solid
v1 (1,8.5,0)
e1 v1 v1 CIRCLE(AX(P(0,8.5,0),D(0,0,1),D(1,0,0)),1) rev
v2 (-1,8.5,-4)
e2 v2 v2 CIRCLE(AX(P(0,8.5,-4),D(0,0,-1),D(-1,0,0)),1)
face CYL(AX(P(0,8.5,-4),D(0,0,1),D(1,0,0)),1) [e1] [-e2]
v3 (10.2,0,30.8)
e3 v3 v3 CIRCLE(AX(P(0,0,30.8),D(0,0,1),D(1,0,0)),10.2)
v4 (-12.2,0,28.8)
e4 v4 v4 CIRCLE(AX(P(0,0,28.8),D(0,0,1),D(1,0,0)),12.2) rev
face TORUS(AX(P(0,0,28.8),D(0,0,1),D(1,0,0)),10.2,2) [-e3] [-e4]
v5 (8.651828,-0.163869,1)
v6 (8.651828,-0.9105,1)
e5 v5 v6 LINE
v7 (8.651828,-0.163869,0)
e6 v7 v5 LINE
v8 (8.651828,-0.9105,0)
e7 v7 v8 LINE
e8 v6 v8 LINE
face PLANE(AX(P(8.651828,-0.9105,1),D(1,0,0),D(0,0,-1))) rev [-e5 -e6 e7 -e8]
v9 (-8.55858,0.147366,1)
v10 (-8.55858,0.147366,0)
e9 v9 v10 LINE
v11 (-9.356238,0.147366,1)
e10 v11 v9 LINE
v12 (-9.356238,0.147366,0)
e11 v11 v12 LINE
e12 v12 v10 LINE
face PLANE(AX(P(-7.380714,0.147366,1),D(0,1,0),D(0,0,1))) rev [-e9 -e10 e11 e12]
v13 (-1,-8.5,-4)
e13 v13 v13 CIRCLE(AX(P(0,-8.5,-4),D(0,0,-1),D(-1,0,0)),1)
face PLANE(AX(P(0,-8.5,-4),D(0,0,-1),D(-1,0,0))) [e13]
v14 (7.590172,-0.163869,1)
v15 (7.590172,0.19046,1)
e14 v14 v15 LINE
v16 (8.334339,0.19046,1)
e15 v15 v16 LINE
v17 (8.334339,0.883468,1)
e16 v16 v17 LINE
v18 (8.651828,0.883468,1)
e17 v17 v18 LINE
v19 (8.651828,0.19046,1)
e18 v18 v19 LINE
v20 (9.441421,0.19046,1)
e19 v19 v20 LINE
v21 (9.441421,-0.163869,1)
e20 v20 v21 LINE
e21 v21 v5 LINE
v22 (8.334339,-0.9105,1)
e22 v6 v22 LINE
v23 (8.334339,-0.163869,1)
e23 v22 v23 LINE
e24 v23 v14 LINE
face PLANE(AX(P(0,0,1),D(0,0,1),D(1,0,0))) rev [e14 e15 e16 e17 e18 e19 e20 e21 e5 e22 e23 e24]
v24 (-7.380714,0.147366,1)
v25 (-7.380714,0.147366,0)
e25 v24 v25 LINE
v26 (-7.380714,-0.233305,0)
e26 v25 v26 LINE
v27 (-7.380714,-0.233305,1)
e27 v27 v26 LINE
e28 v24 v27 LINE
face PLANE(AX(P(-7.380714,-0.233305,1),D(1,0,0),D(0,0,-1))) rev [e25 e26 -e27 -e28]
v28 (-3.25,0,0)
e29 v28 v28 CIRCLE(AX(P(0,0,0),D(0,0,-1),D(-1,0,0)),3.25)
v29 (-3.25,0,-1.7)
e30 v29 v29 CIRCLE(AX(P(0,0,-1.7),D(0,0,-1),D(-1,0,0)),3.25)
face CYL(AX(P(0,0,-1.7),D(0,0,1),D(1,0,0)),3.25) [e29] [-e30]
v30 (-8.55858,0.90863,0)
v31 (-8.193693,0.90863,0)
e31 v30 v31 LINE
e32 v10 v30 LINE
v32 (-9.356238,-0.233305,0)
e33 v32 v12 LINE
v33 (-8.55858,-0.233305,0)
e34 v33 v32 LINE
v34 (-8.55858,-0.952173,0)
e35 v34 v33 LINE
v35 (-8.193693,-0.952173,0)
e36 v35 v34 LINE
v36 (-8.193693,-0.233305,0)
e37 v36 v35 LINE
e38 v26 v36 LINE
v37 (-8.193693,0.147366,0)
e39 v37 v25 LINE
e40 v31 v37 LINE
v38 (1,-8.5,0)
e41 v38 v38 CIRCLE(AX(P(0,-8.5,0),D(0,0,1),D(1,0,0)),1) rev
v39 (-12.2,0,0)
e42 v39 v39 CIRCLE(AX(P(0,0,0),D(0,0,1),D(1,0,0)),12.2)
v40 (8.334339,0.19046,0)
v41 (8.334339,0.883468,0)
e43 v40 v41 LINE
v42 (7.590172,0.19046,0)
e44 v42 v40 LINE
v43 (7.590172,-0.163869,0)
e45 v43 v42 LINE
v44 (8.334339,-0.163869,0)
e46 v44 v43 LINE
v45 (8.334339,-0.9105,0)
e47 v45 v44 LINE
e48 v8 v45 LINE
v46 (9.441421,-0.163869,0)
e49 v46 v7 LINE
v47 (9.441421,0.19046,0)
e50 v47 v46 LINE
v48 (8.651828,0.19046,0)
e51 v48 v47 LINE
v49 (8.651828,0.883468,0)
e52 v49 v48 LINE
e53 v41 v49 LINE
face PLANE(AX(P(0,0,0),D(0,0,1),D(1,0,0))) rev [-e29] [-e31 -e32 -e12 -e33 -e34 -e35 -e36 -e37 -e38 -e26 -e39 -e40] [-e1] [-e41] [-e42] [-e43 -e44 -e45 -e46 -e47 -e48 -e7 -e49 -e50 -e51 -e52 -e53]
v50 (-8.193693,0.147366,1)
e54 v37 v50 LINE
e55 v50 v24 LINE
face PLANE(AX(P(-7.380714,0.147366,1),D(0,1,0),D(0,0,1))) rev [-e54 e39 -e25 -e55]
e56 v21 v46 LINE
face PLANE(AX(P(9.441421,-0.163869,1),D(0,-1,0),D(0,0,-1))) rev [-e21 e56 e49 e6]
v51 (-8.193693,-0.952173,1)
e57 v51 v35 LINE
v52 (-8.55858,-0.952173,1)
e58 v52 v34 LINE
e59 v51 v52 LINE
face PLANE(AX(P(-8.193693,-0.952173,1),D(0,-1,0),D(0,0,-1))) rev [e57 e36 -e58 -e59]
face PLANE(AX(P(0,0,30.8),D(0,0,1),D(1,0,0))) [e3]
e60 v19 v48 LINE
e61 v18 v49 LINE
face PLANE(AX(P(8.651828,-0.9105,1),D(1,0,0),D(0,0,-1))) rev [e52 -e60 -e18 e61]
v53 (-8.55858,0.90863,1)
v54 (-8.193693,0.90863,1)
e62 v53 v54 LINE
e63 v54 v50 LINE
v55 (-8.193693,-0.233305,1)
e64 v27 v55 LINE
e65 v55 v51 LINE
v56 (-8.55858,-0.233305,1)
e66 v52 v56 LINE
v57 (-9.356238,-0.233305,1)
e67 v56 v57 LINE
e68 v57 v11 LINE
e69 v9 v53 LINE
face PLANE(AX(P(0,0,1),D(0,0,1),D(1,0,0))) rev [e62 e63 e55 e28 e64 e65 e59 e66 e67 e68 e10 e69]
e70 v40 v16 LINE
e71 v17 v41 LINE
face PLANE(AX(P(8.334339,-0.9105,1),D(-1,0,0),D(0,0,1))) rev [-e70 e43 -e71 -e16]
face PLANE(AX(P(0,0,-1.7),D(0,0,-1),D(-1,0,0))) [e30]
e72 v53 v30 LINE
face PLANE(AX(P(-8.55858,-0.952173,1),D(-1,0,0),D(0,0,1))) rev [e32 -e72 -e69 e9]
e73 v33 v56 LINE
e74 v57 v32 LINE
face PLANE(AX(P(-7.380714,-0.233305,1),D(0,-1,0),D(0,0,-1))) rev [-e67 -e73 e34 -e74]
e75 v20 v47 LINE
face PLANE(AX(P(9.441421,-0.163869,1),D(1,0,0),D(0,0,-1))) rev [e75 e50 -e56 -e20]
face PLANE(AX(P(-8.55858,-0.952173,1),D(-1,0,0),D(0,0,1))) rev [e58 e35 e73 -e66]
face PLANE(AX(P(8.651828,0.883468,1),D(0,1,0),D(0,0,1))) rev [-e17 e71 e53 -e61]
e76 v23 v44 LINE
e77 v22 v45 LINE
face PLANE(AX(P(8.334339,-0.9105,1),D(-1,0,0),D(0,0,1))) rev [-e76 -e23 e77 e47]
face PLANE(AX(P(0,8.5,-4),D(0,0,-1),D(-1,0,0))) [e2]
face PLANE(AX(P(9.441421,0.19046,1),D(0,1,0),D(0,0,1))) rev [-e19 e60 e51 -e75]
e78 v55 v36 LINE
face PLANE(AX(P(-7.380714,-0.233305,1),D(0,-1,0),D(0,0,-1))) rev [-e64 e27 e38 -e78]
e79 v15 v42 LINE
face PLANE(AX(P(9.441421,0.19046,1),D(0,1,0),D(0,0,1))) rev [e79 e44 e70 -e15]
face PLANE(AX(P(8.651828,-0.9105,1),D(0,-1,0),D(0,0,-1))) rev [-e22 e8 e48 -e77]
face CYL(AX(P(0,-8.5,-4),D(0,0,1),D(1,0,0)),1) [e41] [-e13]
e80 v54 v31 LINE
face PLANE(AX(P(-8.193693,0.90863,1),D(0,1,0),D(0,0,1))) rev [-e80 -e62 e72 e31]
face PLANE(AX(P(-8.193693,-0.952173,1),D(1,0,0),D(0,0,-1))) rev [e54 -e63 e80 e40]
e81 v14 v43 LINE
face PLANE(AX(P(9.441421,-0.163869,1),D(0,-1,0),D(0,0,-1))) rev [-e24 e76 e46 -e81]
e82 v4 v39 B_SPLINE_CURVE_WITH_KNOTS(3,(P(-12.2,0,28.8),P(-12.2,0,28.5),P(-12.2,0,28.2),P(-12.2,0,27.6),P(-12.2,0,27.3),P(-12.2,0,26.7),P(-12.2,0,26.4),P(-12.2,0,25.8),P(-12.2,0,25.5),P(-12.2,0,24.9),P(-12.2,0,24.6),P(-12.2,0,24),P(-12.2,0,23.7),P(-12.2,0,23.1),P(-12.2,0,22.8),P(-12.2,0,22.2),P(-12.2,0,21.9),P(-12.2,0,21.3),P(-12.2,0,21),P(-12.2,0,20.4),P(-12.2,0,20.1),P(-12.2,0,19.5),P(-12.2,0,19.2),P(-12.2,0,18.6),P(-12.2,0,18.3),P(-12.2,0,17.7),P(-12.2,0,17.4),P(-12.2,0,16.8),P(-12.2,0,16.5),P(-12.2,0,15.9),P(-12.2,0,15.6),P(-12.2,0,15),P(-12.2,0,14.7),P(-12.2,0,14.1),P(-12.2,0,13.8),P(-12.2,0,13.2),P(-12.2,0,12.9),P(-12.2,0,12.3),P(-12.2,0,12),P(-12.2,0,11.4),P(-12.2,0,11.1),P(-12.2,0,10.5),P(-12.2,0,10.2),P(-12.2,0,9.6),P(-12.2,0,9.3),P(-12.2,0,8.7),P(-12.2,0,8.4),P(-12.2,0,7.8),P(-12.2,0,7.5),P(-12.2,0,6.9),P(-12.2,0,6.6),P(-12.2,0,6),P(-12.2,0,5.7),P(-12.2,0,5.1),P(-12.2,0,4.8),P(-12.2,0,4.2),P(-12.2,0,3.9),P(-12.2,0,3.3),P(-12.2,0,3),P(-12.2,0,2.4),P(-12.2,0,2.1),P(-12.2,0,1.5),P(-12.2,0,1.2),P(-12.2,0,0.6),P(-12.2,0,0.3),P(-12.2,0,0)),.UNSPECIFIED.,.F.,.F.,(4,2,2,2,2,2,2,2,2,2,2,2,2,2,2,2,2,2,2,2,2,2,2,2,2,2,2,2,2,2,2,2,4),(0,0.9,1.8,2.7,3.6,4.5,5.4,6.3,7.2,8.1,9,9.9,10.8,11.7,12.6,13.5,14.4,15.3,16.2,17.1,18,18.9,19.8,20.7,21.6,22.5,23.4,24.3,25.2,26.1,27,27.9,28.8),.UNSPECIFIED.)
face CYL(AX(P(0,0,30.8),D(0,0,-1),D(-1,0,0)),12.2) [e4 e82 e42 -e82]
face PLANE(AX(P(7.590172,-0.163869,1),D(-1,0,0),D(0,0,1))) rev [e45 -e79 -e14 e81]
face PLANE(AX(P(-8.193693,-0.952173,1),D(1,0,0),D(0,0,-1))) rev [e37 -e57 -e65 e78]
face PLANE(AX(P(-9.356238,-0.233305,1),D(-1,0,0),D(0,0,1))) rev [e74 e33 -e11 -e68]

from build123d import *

# Parameters (mm, degrees)
SKETCH_1_R          = 12.2
EXTRUDE_1_DEPTH     = 30.8
FILLET_1_R          = 2
SKETCH_2_R          = 3.25
EXTRUDE_2_DEPTH     = 1.7
SKETCH_5_R          = 1
EXTRUDE_4_DEPTH     = 4
SKETCH_7_W          = 1.851248616
SKETCH_7_H          = 0.354328631
CUT_EXTRUDE_1_DEPTH = 1
SKETCH_8_W          = 0.317488429
SKETCH_8_H          = 1.793967755
CUT_EXTRUDE_2_DEPTH = 1
SKETCH_10_W         = 0.364887613
SKETCH_10_H         = 1.860802793
CUT_EXTRUDE_4_DEPTH = 1
SKETCH_11_W         = 1.9755237
SKETCH_11_H         = 0.380671715
CUT_EXTRUDE_5_DEPTH = 1


with BuildPart() as part:
    # 草图1 → 凸台-拉伸1 (new body)
    with BuildSketch(Plane.XY):
        with Locations(Location((0, 0, 0), (0, 0, 180))):
            Circle(SKETCH_1_R)
    extrude(amount=EXTRUDE_1_DEPTH)

    # 圆角1
    fillet_1_edges = [part.edges().sort_by_distance(p)[0] for p in [
        (12.2, 0, 30.8),
    ]]
    fillet(fillet_1_edges, radius=FILLET_1_R)

    # 草图2 → 凸台-拉伸2 (add)
    with BuildSketch(Plane(origin=(0, 0, 0), x_dir=(-1, 0, 0), z_dir=(0, 0, -1))):
        Circle(SKETCH_2_R)
    extrude(amount=EXTRUDE_2_DEPTH)

    # 草图5 → 凸台-拉伸4 (add)
    with BuildSketch(Plane(origin=(0, 0, 0), x_dir=(-1, 0, 0), z_dir=(0, 0, -1))):
        with Locations(Location((0, -8.5, 0), (0, 0, 180))):
            Circle(SKETCH_5_R)
        with Locations(Location((0, 8.5, 0), (0, 0, 180))):
            Circle(SKETCH_5_R)
    extrude(amount=EXTRUDE_4_DEPTH)

    # 草图7 → 切除-拉伸1 (cut)
    with BuildSketch(Plane(origin=(0, 0, 0), x_dir=(-1, 0, 0), z_dir=(0, 0, -1))):
        with Locations((-8.515796524, 0.01329556)):
            Rectangle(SKETCH_7_W, SKETCH_7_H)
    extrude(amount=-CUT_EXTRUDE_1_DEPTH, mode=Mode.SUBTRACT)

    # 草图8 → 切除-拉伸2 (cut)
    with BuildSketch(Plane(origin=(0, 0, 0), x_dir=(-1, 0, 0), z_dir=(0, 0, -1))):
        with Locations((-8.493083651, -0.013515685)):
            Rectangle(SKETCH_8_W, SKETCH_8_H)
    extrude(amount=-CUT_EXTRUDE_2_DEPTH, mode=Mode.SUBTRACT)

    # 草图10 → 切除-拉伸4 (cut)
    with BuildSketch(Plane(origin=(0, 0, 0), x_dir=(-1, 0, 0), z_dir=(0, 0, -1))):
        with Locations((8.376136345, -0.021771447)):
            Rectangle(SKETCH_10_W, SKETCH_10_H)
    extrude(amount=-CUT_EXTRUDE_4_DEPTH, mode=Mode.SUBTRACT)

    # 草图11 → 切除-拉伸5 (cut)
    with BuildSketch(Plane(origin=(0, 0, 0), x_dir=(-1, 0, 0), z_dir=(0, 0, -1))):
        with Locations((8.368475893, -0.042969493)):
            Rectangle(SKETCH_11_W, SKETCH_11_H)
    extrude(amount=-CUT_EXTRUDE_5_DEPTH, mode=Mode.SUBTRACT)


solid = part.part
